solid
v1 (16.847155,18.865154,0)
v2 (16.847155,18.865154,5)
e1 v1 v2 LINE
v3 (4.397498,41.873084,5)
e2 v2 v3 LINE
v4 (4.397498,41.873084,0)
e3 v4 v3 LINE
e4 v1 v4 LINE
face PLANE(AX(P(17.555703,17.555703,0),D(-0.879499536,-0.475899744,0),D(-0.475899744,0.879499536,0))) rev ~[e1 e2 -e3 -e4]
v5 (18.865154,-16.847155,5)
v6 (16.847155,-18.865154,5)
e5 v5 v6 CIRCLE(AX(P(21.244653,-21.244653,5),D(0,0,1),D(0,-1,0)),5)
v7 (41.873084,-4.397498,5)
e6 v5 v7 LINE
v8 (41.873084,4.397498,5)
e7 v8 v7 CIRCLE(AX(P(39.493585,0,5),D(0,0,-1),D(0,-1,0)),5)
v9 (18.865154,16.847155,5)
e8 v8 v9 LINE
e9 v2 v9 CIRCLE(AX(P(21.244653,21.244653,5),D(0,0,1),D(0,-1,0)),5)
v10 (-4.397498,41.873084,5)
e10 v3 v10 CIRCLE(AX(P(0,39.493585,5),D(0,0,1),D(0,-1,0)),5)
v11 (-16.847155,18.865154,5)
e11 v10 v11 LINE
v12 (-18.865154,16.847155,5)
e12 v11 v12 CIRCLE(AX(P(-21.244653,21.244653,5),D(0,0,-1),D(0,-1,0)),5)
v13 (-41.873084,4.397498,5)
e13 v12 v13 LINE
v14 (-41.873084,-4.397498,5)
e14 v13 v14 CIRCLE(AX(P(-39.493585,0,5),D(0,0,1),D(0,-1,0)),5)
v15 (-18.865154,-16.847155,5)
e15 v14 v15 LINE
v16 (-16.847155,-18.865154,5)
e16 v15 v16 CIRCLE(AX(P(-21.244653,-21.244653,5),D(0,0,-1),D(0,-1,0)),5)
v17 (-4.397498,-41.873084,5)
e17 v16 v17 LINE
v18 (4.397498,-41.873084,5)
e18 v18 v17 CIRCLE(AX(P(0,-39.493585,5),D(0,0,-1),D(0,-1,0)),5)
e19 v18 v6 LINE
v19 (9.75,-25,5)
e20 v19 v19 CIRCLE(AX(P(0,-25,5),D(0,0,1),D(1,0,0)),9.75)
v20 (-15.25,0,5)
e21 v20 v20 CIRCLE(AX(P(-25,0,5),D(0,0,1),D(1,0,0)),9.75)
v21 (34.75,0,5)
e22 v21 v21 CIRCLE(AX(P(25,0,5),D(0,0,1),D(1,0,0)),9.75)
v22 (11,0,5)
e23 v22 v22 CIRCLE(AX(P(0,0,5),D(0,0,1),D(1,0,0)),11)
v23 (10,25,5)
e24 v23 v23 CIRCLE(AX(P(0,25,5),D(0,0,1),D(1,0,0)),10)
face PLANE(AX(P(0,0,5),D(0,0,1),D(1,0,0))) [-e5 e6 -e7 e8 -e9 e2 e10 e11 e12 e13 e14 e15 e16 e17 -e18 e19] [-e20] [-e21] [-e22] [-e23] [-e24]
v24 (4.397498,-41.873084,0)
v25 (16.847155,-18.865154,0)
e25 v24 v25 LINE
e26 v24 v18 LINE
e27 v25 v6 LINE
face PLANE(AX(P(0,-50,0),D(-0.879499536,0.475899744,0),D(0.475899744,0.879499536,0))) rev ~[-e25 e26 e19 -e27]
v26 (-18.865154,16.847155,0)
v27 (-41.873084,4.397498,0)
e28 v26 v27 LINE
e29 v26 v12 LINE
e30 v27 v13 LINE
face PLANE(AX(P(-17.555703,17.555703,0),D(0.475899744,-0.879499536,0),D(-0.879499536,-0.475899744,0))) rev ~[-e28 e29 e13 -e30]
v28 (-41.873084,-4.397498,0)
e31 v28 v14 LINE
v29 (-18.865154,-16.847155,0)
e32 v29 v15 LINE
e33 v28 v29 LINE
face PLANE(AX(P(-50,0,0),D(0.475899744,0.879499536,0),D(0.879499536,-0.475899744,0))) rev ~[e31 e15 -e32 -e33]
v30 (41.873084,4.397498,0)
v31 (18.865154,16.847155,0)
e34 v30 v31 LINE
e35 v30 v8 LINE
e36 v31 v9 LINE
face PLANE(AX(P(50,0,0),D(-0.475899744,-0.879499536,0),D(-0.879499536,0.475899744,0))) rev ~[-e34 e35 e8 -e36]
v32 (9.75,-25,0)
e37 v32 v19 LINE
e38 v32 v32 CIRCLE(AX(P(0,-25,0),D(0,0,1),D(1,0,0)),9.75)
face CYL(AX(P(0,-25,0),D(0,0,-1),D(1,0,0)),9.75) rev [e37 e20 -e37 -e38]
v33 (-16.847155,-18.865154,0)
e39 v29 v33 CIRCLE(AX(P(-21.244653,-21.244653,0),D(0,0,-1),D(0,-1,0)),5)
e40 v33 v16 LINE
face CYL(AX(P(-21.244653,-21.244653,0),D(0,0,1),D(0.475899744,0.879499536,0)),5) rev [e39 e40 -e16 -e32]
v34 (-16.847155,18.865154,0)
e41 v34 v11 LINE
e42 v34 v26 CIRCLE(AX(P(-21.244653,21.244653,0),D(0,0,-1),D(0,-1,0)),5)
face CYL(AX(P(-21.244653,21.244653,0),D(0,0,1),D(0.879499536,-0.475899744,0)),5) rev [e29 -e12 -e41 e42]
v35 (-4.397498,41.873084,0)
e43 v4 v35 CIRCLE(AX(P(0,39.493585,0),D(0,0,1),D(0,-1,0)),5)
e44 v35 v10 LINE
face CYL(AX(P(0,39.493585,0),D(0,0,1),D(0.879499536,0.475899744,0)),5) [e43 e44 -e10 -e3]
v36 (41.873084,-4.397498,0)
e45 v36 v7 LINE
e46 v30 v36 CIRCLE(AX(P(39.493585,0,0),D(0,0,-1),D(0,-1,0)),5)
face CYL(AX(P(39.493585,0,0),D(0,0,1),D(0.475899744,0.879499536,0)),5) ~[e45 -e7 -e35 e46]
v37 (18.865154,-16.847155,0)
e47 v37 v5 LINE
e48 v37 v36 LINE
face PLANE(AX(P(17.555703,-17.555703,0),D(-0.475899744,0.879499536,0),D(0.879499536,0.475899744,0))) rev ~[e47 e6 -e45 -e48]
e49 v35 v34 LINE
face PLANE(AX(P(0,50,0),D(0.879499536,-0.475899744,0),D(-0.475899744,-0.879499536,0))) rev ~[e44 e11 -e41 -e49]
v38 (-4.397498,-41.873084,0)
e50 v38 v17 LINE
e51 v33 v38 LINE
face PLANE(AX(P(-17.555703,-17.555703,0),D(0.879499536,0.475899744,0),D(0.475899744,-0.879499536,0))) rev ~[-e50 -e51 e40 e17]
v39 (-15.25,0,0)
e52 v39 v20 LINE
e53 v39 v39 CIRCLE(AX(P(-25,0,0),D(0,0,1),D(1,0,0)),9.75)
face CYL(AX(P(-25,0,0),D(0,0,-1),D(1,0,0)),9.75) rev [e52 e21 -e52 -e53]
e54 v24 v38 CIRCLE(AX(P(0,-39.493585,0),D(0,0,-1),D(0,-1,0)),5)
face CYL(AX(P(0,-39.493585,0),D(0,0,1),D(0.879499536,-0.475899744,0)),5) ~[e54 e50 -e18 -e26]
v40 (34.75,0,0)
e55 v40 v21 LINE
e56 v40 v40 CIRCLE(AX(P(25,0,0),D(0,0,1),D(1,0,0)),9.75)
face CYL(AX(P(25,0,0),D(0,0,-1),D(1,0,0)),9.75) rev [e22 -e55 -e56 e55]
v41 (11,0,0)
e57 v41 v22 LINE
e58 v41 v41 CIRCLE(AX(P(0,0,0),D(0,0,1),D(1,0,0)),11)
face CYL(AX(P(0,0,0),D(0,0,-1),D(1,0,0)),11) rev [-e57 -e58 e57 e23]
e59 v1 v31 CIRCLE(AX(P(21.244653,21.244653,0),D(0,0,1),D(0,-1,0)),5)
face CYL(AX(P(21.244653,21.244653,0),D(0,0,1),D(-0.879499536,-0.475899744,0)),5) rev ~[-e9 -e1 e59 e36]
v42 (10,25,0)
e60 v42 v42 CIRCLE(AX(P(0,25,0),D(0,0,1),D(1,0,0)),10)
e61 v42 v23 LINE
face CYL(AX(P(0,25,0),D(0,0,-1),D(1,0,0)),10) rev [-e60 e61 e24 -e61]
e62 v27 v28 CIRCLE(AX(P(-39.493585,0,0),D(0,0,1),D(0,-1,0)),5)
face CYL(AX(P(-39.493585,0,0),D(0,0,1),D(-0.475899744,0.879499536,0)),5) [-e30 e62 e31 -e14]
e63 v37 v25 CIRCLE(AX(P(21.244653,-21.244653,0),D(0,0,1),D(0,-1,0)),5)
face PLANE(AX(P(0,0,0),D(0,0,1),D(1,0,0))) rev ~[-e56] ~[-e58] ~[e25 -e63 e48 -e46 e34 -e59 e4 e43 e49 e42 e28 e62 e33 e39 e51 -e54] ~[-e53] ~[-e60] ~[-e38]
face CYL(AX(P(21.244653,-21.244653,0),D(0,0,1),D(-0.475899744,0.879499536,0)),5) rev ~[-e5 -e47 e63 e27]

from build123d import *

# Parameters (mm, degrees)
F0_R     = 9.75
F0_R_2   = 11
F0_R_3   = 10
F1_DEPTH = 5
F2_R     = 5


with BuildPart() as f1:
    # F0 (on Top) → F1 (new body)
    with BuildSketch(Plane.XY):
        Polygon((17.555703, 17.555703), (0, 50), (-17.555703, 17.555703), (-50, 0), (-17.555703, -17.555703), (0, -50), (17.555703, -17.555703), (50, 0), align=None)
        with Locations((0, -25)):
            Circle(F0_R, mode=Mode.SUBTRACT)
        with Locations((-25, 0)):
            Circle(F0_R, mode=Mode.SUBTRACT)
        Circle(F0_R_2, mode=Mode.SUBTRACT)
        with Locations((25, 0)):
            Circle(F0_R, mode=Mode.SUBTRACT)
        with Locations((0, 25)):
            Circle(F0_R_3, mode=Mode.SUBTRACT)
    extrude(amount=F1_DEPTH)

    # F2
    f2_edges = [f1.edges().sort_by_distance(p)[0] for p in [
        (0, -50, 2.5),
        (50, 0, 2.5),
        (0, 50, 2.5),
        (-50, 0, 2.5),
        (17.555703, 17.555703, 2.5),
        (-17.555703, 17.555703, 2.5),
        (-17.555703, -17.555703, 2.5),
        (17.555703, -17.555703, 2.5),
    ]]
    fillet(f2_edges, radius=F2_R)


solid = f1.part
